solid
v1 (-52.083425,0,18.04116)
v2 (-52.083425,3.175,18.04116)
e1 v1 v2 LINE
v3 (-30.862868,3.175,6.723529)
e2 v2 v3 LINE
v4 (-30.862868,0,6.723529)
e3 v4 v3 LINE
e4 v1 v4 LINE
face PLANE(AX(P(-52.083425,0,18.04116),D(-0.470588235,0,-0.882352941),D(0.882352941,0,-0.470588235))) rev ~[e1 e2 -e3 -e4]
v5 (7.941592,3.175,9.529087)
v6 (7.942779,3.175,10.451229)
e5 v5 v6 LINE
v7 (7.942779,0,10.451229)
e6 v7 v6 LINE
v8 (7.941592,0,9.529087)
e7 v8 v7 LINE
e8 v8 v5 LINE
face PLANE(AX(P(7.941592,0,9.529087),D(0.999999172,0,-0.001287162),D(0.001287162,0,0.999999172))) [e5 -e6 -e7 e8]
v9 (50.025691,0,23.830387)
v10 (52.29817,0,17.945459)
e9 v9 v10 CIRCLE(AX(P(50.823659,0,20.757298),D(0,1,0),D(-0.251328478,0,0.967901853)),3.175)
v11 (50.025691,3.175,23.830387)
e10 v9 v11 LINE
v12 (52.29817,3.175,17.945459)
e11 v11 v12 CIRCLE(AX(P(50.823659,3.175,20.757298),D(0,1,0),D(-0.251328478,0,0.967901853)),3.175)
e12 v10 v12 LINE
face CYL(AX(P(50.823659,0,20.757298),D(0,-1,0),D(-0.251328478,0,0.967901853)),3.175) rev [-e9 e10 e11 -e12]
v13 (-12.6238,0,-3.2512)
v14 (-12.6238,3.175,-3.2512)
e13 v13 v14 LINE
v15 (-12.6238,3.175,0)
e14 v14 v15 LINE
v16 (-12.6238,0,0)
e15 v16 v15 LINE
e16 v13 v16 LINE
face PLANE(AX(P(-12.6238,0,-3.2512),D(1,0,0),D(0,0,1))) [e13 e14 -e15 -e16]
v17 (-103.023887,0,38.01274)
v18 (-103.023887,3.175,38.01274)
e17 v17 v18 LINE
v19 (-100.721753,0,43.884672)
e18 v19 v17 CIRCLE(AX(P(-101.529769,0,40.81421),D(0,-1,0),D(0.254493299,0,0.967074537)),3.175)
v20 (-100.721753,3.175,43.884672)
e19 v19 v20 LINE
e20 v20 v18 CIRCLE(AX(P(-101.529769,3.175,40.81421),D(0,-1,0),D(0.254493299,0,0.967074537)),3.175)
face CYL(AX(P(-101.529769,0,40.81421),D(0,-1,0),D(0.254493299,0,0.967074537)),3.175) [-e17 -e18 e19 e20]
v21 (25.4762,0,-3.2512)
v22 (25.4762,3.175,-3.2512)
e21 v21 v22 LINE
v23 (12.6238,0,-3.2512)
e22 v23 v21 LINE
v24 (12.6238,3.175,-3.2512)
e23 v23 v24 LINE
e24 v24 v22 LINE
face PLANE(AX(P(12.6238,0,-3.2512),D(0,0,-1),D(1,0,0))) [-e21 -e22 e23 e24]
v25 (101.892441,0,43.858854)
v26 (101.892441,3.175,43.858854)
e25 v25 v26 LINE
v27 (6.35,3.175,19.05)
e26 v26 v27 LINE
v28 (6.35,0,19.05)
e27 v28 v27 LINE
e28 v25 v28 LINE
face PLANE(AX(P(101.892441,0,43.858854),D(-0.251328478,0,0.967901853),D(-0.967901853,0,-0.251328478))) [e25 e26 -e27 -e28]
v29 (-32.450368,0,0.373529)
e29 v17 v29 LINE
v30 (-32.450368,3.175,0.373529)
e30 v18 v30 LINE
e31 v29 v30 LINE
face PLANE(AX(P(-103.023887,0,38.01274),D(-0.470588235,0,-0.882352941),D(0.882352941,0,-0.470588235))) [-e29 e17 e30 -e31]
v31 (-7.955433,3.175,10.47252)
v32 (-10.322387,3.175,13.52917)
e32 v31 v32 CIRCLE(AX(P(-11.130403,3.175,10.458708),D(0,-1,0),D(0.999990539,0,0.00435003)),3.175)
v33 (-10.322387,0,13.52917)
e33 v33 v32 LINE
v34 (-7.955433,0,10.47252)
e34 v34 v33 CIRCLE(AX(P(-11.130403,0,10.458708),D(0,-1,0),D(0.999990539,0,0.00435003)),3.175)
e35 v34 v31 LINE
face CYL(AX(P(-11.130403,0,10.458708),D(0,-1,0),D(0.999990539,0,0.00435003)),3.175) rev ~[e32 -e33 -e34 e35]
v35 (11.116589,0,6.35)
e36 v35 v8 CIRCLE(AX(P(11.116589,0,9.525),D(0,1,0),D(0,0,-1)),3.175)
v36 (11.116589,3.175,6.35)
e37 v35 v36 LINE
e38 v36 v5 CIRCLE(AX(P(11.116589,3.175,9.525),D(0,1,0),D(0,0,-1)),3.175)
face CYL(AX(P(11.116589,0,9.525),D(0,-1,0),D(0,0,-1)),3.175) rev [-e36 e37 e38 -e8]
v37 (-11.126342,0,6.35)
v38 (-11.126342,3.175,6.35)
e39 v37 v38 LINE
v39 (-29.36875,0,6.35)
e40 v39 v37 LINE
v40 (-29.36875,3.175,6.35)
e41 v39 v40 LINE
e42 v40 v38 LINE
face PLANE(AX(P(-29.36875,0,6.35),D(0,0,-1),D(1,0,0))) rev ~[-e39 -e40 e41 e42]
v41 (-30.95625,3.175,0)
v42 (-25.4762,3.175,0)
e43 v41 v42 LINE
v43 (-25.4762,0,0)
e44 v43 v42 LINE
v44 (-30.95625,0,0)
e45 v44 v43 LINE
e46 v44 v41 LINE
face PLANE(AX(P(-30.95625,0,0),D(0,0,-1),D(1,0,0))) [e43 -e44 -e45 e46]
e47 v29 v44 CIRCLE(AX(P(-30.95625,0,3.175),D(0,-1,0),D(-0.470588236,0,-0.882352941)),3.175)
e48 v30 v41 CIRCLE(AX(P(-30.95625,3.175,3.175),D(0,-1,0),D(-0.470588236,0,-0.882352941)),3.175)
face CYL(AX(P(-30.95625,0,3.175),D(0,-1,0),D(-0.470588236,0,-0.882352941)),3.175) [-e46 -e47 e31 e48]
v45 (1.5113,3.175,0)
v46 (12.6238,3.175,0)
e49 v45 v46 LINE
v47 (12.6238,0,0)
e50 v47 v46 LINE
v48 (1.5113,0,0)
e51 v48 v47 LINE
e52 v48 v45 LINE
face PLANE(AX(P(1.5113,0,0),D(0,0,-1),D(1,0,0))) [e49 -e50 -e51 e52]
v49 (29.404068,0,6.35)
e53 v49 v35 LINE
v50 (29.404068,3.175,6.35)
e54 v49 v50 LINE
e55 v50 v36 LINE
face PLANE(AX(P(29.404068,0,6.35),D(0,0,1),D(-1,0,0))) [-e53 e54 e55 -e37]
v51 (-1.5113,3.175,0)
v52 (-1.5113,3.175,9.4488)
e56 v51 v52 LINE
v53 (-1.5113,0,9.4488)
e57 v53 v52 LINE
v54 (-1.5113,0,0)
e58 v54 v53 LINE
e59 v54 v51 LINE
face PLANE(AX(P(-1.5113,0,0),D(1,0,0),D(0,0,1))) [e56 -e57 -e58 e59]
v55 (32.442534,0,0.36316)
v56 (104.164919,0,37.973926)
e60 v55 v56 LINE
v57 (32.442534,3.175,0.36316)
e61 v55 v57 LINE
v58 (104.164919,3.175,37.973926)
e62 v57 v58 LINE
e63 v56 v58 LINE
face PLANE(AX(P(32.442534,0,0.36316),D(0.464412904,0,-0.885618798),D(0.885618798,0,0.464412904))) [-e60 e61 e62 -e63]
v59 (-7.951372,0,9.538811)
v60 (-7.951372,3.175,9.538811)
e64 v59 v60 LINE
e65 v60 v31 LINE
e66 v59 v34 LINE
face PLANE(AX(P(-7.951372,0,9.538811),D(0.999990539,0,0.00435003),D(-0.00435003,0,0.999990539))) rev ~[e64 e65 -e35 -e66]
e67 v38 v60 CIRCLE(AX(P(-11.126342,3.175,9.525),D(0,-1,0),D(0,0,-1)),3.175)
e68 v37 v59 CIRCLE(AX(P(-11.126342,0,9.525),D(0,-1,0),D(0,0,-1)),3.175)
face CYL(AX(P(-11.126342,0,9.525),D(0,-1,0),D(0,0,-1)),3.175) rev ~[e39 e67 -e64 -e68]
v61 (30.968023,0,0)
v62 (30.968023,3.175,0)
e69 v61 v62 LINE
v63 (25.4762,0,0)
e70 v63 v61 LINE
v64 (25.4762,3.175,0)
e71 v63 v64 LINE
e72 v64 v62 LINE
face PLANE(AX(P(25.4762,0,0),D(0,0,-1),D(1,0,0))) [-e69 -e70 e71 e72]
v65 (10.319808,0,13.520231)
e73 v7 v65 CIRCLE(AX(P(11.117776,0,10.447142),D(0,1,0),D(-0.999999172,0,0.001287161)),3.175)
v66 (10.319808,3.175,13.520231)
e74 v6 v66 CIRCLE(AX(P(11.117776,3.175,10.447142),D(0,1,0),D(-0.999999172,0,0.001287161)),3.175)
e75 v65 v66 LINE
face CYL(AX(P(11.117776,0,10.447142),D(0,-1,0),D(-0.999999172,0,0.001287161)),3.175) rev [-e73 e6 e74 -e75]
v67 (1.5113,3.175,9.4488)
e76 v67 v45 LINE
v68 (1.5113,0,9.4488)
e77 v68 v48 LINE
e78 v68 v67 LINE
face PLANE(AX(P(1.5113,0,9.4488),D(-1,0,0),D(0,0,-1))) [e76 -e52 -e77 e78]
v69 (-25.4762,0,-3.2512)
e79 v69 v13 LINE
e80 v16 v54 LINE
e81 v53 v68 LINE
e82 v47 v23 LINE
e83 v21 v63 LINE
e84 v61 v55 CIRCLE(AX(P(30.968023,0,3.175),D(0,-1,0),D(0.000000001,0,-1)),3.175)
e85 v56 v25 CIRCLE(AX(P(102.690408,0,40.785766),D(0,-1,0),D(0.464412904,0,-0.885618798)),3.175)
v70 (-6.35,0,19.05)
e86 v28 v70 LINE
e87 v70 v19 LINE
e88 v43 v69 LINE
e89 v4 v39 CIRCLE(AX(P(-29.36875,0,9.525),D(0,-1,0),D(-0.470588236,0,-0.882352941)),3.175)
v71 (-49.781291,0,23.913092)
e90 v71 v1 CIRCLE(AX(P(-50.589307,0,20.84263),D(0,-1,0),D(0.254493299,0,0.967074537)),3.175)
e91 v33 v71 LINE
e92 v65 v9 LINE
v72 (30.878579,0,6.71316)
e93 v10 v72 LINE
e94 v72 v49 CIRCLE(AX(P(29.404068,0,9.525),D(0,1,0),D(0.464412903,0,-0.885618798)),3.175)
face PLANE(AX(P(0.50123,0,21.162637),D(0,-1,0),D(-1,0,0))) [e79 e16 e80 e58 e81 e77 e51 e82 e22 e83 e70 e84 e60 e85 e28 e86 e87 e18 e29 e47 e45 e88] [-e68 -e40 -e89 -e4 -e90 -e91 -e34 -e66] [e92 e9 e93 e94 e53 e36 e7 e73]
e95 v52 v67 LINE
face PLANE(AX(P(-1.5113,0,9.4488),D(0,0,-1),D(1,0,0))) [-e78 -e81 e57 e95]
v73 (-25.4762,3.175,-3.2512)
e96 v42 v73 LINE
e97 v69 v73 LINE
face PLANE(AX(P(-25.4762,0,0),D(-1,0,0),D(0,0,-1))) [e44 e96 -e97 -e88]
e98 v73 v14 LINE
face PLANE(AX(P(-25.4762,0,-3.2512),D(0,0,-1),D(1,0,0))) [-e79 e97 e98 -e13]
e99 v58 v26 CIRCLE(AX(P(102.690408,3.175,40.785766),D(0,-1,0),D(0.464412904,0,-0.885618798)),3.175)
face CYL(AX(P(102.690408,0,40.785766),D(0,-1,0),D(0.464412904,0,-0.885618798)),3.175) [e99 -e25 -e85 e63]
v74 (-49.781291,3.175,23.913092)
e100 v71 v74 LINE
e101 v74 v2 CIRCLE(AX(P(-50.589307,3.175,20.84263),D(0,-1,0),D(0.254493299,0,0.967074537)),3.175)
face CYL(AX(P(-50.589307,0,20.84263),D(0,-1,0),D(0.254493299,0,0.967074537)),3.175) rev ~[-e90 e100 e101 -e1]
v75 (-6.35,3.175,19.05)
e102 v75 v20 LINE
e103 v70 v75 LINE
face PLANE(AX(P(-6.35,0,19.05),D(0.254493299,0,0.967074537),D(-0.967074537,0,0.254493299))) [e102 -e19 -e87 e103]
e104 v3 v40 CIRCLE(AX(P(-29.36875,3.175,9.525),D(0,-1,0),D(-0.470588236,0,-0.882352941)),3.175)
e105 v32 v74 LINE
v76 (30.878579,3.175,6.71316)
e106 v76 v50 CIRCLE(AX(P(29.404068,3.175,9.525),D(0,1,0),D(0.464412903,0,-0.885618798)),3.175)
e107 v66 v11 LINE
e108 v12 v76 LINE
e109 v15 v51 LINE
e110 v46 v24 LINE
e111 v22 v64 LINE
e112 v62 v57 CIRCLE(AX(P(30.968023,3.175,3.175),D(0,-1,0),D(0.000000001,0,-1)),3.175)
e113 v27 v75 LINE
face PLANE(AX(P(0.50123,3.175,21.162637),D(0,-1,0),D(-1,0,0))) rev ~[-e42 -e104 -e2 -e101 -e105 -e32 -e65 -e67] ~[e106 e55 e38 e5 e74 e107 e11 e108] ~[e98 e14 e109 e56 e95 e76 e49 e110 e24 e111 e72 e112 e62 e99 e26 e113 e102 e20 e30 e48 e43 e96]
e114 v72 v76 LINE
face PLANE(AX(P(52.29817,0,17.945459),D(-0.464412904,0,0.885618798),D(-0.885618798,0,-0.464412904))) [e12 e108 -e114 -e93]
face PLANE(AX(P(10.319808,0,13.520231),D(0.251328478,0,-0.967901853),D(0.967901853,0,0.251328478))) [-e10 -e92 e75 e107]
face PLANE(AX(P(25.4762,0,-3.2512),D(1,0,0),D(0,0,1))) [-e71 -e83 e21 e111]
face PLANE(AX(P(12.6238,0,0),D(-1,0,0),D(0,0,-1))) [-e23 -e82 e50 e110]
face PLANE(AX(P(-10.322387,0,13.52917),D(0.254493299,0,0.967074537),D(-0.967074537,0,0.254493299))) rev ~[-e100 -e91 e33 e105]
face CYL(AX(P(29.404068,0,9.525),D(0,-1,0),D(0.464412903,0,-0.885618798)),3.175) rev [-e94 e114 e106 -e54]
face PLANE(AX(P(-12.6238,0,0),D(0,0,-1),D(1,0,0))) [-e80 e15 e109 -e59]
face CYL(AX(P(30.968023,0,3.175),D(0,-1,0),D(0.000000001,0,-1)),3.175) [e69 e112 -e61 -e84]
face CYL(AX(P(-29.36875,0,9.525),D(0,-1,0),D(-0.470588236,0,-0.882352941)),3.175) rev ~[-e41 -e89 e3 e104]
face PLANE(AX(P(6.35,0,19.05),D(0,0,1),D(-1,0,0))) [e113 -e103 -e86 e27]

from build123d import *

# Parameters (mm, degrees)
BOSS_EXTRUDE1_DEPTH = 3.175


with BuildPart() as part:
    # Sketch2 → Boss-Extrude1 (new body)
    with BuildSketch(Plane(origin=(0, 0, 0), x_dir=(1, 0, 0), z_dir=(0, 1, 0))):
        with BuildLine():
            Line((1.5113, 0), (12.6238, 0))
            Line((12.6238, 0), (12.6238, 3.2512))
            Line((12.6238, 3.2512), (25.4762, 3.2512))
            Line((25.4762, 3.2512), (25.4762, 0))
            Line((25.4762, 0), (30.968022767, 0))
            ThreePointArc((30.968022767, 0), (31.727309935, -0.092126666), (32.442533737, -0.363160318))
            Line((32.442533737, -0.363160318), (104.164919451, -37.973926385))
            ThreePointArc((104.164919451, -37.973926385), (105.652252874, -41.929489283), (101.892440563, -43.858854449))
            Line((101.892440563, -43.858854449), (6.35, -19.05))
            Line((6.35, -19.05), (-6.35, -19.05))
            Line((-6.35, -19.05), (-100.721752751, -43.884671777))
            ThreePointArc((-100.721752751, -43.884671777), (-104.485708905, -41.973107934), (-103.023886624, -38.012739533))
            Line((-103.023886624, -38.012739533), (-32.450367647, -0.373529412))
            ThreePointArc((-32.450367647, -0.373529412), (-31.726300609, -0.094797562), (-30.95625, 0))
            Line((-30.95625, 0), (-25.4762, 0))
            Line((-25.4762, 0), (-25.4762, 3.2512))
            Line((-25.4762, 3.2512), (-12.6238, 3.2512))
            Line((-12.6238, 3.2512), (-12.6238, 0))
            Line((-12.6238, 0), (-1.5113, 0))
            Line((-1.5113, 0), (-1.5113, -9.4488))
            Line((-1.5113, -9.4488), (1.5113, -9.4488))
            Line((1.5113, -9.4488), (1.5113, 0))
        make_face()
        with BuildLine():
            Line((-52.083424577, -18.041159774), (-30.862867647, -6.723529412))
            ThreePointArc((-30.862867647, -6.723529412), (-30.138800609, -6.444797562), (-29.36875, -6.35))
            Line((-29.36875, -6.35), (-11.126341516, -6.35))
            ThreePointArc((-11.126341516, -6.35), (-8.876399737, -7.28482434), (-7.951371556, -9.538811345))
            Line((-7.951371556, -9.538811345), (-7.955433254, -10.472519677))
            ThreePointArc((-7.955433254, -10.472519677), (-8.620060106, -12.402622549), (-10.322386989, -13.529169988))
            Line((-10.322386989, -13.529169988), (-49.781290705, -23.913092018))
            ThreePointArc((-49.781290705, -23.913092018), (-53.545246858, -22.001528175), (-52.083424577, -18.041159774))
        make_face(mode=Mode.SUBTRACT)
        with BuildLine():
            Line((7.941592001, -9.529086738), (7.942778948, -10.451228904))
            ThreePointArc((7.942778948, -10.451228904), (8.607635671, -12.39131781), (10.3198084, -13.520230548))
            Line((10.3198084, -13.520230548), (50.025691322, -23.830386583))
            ThreePointArc((50.025691322, -23.830386583), (53.785503632, -21.901021417), (52.29817021, -17.945458519))
            Line((52.29817021, -17.945458519), (30.878579271, -6.713160318))
            ThreePointArc((30.878579271, -6.713160318), (30.163355469, -6.442126666), (29.404068301, -6.35))
            Line((29.404068301, -6.35), (11.116589371, -6.35))
            ThreePointArc((11.116589371, -6.35), (8.870080926, -7.281381315), (7.941592001, -9.529086738))
        make_face(mode=Mode.SUBTRACT)
    extrude(amount=BOSS_EXTRUDE1_DEPTH)


solid = part.part
